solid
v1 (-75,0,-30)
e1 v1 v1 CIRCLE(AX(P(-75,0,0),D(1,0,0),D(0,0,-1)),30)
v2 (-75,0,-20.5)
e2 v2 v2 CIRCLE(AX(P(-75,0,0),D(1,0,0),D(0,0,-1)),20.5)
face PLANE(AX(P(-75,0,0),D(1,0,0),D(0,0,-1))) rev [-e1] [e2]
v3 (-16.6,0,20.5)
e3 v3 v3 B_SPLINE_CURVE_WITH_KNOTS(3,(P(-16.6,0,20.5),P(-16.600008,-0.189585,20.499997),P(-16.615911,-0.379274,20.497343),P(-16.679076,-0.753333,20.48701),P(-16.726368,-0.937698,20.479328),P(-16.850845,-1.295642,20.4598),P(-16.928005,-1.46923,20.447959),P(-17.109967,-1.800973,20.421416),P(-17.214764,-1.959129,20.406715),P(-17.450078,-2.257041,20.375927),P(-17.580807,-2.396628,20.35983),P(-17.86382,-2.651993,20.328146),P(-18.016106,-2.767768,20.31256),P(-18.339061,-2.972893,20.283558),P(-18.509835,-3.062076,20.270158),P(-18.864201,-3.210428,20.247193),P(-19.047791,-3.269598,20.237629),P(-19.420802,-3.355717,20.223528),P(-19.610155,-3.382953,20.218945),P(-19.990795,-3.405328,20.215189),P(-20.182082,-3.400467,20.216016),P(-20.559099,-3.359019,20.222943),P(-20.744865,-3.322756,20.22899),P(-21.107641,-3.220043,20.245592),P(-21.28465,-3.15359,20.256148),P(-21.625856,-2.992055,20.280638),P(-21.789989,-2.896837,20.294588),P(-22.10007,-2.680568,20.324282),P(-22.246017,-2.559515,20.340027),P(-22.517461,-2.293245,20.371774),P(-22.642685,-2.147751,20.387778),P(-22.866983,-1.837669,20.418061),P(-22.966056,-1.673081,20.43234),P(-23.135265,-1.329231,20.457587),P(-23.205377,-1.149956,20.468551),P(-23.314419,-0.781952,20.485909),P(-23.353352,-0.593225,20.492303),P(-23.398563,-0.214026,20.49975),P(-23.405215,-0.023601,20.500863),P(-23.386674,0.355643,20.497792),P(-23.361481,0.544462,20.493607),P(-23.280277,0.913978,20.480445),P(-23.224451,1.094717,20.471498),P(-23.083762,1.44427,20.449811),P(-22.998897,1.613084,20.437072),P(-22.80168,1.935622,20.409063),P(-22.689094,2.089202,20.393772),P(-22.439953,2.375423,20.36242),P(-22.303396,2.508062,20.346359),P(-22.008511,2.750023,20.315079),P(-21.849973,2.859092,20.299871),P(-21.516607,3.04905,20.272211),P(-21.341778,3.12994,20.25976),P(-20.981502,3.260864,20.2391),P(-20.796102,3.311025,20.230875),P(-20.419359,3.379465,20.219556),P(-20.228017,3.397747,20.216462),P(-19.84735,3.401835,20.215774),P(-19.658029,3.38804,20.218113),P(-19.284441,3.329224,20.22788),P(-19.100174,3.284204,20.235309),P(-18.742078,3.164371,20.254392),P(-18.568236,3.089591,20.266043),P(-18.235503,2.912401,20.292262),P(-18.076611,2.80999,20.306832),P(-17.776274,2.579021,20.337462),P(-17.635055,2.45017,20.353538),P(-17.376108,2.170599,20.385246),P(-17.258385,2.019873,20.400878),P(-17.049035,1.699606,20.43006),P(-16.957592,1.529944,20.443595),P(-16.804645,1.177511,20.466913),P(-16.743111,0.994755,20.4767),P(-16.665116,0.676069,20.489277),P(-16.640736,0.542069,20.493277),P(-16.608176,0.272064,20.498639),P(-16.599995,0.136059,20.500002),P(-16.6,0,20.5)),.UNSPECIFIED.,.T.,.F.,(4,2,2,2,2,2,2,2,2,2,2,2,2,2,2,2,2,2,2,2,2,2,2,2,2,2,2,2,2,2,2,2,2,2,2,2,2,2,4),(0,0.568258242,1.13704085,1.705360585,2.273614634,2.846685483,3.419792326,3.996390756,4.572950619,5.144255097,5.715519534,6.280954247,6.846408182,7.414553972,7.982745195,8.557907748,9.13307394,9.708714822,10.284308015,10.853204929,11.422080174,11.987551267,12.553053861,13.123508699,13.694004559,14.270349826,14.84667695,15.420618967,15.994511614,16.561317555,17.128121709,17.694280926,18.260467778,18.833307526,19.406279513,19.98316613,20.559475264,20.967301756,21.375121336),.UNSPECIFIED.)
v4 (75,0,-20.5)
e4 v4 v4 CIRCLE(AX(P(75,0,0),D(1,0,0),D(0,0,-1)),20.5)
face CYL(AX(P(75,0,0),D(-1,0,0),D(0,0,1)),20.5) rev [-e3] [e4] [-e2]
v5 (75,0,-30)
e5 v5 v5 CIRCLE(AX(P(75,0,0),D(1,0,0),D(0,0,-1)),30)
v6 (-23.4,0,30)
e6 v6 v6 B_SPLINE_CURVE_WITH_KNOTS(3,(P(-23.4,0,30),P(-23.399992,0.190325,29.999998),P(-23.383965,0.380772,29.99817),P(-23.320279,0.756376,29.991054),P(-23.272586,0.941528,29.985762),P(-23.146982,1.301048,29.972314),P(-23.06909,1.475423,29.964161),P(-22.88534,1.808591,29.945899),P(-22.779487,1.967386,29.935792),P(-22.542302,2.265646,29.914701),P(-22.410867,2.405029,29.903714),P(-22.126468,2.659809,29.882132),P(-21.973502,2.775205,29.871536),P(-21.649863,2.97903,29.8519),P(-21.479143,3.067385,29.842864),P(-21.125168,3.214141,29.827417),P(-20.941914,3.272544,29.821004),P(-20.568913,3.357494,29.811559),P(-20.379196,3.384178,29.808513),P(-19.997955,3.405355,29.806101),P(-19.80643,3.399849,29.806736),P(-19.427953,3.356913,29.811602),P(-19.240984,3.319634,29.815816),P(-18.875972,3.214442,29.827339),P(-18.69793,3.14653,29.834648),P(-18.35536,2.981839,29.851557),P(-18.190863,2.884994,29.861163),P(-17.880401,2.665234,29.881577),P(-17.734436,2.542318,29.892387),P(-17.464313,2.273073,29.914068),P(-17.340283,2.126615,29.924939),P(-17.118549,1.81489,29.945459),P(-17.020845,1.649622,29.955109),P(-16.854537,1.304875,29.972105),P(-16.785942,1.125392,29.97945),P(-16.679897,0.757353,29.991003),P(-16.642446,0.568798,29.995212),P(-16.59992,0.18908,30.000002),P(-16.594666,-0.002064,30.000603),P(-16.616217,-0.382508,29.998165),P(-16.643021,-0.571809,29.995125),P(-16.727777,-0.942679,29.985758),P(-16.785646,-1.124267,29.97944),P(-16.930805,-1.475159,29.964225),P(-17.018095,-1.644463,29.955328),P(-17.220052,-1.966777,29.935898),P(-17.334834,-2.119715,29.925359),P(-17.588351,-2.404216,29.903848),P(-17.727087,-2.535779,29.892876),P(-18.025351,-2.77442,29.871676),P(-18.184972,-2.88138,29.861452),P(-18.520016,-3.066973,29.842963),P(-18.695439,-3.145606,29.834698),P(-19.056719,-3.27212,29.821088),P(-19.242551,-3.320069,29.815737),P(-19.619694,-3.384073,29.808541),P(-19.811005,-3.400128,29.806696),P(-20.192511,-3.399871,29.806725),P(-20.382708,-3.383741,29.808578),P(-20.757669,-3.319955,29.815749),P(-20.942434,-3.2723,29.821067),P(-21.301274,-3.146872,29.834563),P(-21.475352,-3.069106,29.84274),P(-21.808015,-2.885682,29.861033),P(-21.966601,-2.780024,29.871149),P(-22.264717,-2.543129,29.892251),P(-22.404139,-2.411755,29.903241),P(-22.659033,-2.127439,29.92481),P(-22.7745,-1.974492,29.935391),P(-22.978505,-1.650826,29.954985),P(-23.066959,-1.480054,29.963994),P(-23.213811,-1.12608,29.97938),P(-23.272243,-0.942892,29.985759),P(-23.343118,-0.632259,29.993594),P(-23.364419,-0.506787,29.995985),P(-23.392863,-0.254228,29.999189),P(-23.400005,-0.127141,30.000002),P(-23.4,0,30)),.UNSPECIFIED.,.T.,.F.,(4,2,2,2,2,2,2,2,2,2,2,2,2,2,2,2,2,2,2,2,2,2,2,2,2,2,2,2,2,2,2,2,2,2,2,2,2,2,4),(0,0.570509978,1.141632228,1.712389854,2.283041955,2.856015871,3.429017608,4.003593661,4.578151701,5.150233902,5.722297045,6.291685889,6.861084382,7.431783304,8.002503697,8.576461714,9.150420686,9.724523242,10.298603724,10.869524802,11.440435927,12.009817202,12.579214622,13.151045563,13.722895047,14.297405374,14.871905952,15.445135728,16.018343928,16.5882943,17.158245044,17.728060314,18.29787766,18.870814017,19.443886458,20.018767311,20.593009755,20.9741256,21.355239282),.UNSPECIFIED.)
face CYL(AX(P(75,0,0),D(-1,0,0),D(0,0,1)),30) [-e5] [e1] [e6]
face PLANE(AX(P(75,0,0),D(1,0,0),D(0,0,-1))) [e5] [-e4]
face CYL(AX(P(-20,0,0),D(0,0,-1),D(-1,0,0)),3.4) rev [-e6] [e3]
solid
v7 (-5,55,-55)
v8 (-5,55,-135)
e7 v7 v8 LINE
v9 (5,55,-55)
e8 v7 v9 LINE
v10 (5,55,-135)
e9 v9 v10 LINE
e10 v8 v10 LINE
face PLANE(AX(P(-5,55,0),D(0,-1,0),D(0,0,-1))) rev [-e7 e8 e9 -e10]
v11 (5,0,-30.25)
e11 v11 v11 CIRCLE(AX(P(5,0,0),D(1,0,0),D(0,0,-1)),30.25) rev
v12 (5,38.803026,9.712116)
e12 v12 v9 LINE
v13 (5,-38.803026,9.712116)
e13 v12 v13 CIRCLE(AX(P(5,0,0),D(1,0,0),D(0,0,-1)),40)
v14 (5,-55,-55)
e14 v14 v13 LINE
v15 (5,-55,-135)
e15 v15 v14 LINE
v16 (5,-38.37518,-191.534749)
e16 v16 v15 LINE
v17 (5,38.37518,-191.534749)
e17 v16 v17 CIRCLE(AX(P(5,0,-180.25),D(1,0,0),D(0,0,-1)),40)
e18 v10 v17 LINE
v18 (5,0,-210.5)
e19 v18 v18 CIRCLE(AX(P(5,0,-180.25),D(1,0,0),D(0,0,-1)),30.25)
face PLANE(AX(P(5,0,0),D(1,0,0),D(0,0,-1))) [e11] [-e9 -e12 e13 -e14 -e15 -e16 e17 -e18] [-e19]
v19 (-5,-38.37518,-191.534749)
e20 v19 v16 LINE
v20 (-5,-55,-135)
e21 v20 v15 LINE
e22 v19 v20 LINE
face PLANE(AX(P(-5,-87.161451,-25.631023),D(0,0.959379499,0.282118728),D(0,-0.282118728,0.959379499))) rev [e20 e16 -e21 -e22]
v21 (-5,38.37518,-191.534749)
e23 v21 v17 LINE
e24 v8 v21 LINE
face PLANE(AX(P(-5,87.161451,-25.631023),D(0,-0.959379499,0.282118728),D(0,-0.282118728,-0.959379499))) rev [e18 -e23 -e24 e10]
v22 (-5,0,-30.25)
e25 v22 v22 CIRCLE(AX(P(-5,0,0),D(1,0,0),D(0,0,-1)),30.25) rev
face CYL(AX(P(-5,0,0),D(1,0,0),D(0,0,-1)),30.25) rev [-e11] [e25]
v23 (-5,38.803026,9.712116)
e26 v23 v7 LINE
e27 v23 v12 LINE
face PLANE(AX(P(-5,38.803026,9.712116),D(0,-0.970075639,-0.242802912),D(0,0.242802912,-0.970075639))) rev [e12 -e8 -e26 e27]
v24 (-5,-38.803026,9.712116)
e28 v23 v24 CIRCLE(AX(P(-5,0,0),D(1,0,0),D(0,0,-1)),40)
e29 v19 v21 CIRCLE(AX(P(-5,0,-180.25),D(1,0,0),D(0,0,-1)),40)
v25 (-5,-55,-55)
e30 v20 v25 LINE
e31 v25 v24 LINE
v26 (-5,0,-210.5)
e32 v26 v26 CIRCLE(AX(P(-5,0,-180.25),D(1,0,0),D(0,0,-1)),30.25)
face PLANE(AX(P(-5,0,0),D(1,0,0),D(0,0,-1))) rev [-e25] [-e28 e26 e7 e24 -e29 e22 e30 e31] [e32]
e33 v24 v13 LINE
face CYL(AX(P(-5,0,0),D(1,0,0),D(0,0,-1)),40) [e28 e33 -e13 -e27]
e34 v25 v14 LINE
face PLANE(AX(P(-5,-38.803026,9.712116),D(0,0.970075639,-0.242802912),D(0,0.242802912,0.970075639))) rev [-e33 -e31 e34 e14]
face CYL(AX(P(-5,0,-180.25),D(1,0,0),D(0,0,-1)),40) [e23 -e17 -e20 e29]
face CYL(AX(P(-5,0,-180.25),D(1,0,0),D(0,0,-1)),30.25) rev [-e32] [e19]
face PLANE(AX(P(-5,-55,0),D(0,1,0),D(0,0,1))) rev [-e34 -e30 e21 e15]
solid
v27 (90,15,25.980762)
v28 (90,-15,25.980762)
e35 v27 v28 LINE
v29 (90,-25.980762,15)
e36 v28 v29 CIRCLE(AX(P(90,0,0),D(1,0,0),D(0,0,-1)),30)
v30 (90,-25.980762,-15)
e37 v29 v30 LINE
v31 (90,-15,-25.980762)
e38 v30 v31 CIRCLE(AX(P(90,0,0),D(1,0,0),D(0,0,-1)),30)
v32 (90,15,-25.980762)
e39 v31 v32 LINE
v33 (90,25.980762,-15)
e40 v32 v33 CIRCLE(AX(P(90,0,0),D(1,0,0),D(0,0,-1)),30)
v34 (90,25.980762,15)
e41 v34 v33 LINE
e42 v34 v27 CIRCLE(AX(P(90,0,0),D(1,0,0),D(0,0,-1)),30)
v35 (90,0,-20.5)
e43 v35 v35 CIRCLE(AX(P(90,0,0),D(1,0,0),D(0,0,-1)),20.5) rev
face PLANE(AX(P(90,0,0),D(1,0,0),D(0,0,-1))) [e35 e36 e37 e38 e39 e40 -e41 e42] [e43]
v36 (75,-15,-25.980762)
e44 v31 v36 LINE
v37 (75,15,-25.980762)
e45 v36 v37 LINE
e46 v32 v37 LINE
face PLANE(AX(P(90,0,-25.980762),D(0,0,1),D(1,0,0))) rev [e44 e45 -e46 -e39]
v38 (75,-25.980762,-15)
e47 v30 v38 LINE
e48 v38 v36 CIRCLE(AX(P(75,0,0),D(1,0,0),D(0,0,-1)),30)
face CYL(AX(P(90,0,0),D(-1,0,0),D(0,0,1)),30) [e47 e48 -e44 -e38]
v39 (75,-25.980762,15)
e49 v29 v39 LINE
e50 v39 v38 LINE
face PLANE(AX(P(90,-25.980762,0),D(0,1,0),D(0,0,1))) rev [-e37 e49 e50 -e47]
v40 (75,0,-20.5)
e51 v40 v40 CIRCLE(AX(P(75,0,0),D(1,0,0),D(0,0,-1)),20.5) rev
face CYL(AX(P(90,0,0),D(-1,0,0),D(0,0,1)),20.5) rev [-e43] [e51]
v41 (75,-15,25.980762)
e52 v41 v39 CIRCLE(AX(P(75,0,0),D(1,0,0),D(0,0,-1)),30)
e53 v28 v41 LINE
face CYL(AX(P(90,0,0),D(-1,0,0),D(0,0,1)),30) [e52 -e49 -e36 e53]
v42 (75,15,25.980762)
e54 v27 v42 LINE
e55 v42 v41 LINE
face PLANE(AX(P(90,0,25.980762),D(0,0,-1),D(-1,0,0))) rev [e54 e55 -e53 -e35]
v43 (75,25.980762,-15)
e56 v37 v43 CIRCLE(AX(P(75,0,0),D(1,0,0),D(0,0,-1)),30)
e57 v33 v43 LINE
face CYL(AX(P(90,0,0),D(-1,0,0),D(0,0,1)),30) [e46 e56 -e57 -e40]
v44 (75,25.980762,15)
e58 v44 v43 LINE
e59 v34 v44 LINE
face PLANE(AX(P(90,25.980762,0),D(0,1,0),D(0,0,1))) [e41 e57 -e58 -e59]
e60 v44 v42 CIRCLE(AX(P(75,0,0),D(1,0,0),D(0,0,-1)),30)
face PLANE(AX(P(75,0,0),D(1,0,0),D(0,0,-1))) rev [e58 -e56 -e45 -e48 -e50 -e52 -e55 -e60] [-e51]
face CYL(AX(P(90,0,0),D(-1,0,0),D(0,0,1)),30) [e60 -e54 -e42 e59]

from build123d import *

# Parameters (mm, degrees)
ROND_R                      = 30
ROND_R_2                    = 20.5
EL_MENT_M_CANO_SOUD_1_DEPTH = 150
ESQUISSE2_W                 = 3.4
ESQUISSE2_H                 = 30
ESQUISSE5_R                 = 20.5
BOSS_EXTRU_1_DEPTH          = 15
BOSS_EXTRU_2_START          = -70
ESQUISSE6_R                 = 40
ESQUISSE6_R_2               = 30.25
BOSS_EXTRU_2_DEPTH          = 10
ESQUISSE7_R                 = 40
ESQUISSE7_R_2               = 30.25
BOSS_EXTRU_3_DEPTH          = 10


with BuildPart() as part:
    # rond → Elément mécano-soudé1 (new body)
    with BuildSketch(Plane.YZ.offset(-75)):
        Circle(ROND_R)
        Circle(ROND_R_2, mode=Mode.SUBTRACT)
    extrude(amount=EL_MENT_M_CANO_SOUD_1_DEPTH)

    # Esquisse2 → Trou taraudé M8x1.251 (revolve, cut)
    with BuildSketch(Plane.YZ.offset(-20)):
        with Locations((1.7, 15)):
            Rectangle(ESQUISSE2_W, ESQUISSE2_H)
    revolve(axis=Axis((-20, 0, -6.35), (0, 0, 1)), mode=Mode.SUBTRACT)


with BuildPart() as body_2:
    # Esquisse5 → Boss.-Extru.1 (new body)
    with BuildSketch(Plane(origin=(75, 0, 0), x_dir=(0, 0, -1), z_dir=(1, 0, 0))):
        with BuildLine():
            Line((15, 25.980762114), (-15, 25.980762114))
            ThreePointArc((-15, 25.980762114), (-21.213203436, 21.213203436), (-25.980762114, 15))
            Line((-25.980762114, 15), (-25.980762114, -15))
            ThreePointArc((-25.980762114, -15), (-21.213203436, -21.213203436), (-15, -25.980762114))
            Line((-15, -25.980762114), (15, -25.980762114))
            ThreePointArc((15, -25.980762114), (21.213203436, -21.213203436), (25.980762114, -15))
            Line((25.980762114, -15), (25.980762114, 15))
            ThreePointArc((25.980762114, 15), (21.213203436, 21.213203436), (15, 25.980762114))
        make_face()
        Circle(ESQUISSE5_R, mode=Mode.SUBTRACT)
    extrude(amount=BOSS_EXTRU_1_DEPTH)


with BuildPart() as body_3:
    # Esquisse6 → Boss.-Extru.2 (new body)
    with BuildSketch(Plane(origin=(75, 0, 0), x_dir=(0, 0, -1), z_dir=(1, 0, 0)).offset(BOSS_EXTRU_2_START)):
        Circle(ESQUISSE6_R)
        Circle(ESQUISSE6_R_2, mode=Mode.SUBTRACT)
    extrude(amount=-BOSS_EXTRU_2_DEPTH)


with BuildPart() as body_4:
    # Esquisse7 → Boss.-Extru.3 (new body)
    with BuildSketch(Plane(origin=(5, 0, 0), x_dir=(0, 0, -1), z_dir=(1, 0, 0))):
        with BuildLine():
            Line((55, 55), (-9.71211648, 38.803025571))
            ThreePointArc((-9.71211648, 38.803025571), (24.612144774, 31.531608421), (40, 0))
            ThreePointArc((40, 0), (24.612144774, -31.531608421), (-9.71211648, -38.803025571))
            Line((-9.71211648, -38.803025571), (55, -55))
            Line((55, -55), (135, -55))
            Line((135, -55), (191.534749126, -38.375179963))
            ThreePointArc((191.534749126, -38.375179963), (140.25, 0), (191.534749126, 38.375179963))
            Line((191.534749126, 38.375179963), (135, 55))
            Line((135, 55), (55, 55))
        make_face()
        with Locations((180.25, 0)):
            Circle(ESQUISSE7_R)
        with Locations((180.25, 0)):
            Circle(ESQUISSE7_R_2, mode=Mode.SUBTRACT)
        Circle(ESQUISSE7_R)
        Circle(ESQUISSE7_R_2, mode=Mode.SUBTRACT)
    extrude(amount=-BOSS_EXTRU_3_DEPTH)


solid = Compound([part.part, body_2.part, body_4.part])
